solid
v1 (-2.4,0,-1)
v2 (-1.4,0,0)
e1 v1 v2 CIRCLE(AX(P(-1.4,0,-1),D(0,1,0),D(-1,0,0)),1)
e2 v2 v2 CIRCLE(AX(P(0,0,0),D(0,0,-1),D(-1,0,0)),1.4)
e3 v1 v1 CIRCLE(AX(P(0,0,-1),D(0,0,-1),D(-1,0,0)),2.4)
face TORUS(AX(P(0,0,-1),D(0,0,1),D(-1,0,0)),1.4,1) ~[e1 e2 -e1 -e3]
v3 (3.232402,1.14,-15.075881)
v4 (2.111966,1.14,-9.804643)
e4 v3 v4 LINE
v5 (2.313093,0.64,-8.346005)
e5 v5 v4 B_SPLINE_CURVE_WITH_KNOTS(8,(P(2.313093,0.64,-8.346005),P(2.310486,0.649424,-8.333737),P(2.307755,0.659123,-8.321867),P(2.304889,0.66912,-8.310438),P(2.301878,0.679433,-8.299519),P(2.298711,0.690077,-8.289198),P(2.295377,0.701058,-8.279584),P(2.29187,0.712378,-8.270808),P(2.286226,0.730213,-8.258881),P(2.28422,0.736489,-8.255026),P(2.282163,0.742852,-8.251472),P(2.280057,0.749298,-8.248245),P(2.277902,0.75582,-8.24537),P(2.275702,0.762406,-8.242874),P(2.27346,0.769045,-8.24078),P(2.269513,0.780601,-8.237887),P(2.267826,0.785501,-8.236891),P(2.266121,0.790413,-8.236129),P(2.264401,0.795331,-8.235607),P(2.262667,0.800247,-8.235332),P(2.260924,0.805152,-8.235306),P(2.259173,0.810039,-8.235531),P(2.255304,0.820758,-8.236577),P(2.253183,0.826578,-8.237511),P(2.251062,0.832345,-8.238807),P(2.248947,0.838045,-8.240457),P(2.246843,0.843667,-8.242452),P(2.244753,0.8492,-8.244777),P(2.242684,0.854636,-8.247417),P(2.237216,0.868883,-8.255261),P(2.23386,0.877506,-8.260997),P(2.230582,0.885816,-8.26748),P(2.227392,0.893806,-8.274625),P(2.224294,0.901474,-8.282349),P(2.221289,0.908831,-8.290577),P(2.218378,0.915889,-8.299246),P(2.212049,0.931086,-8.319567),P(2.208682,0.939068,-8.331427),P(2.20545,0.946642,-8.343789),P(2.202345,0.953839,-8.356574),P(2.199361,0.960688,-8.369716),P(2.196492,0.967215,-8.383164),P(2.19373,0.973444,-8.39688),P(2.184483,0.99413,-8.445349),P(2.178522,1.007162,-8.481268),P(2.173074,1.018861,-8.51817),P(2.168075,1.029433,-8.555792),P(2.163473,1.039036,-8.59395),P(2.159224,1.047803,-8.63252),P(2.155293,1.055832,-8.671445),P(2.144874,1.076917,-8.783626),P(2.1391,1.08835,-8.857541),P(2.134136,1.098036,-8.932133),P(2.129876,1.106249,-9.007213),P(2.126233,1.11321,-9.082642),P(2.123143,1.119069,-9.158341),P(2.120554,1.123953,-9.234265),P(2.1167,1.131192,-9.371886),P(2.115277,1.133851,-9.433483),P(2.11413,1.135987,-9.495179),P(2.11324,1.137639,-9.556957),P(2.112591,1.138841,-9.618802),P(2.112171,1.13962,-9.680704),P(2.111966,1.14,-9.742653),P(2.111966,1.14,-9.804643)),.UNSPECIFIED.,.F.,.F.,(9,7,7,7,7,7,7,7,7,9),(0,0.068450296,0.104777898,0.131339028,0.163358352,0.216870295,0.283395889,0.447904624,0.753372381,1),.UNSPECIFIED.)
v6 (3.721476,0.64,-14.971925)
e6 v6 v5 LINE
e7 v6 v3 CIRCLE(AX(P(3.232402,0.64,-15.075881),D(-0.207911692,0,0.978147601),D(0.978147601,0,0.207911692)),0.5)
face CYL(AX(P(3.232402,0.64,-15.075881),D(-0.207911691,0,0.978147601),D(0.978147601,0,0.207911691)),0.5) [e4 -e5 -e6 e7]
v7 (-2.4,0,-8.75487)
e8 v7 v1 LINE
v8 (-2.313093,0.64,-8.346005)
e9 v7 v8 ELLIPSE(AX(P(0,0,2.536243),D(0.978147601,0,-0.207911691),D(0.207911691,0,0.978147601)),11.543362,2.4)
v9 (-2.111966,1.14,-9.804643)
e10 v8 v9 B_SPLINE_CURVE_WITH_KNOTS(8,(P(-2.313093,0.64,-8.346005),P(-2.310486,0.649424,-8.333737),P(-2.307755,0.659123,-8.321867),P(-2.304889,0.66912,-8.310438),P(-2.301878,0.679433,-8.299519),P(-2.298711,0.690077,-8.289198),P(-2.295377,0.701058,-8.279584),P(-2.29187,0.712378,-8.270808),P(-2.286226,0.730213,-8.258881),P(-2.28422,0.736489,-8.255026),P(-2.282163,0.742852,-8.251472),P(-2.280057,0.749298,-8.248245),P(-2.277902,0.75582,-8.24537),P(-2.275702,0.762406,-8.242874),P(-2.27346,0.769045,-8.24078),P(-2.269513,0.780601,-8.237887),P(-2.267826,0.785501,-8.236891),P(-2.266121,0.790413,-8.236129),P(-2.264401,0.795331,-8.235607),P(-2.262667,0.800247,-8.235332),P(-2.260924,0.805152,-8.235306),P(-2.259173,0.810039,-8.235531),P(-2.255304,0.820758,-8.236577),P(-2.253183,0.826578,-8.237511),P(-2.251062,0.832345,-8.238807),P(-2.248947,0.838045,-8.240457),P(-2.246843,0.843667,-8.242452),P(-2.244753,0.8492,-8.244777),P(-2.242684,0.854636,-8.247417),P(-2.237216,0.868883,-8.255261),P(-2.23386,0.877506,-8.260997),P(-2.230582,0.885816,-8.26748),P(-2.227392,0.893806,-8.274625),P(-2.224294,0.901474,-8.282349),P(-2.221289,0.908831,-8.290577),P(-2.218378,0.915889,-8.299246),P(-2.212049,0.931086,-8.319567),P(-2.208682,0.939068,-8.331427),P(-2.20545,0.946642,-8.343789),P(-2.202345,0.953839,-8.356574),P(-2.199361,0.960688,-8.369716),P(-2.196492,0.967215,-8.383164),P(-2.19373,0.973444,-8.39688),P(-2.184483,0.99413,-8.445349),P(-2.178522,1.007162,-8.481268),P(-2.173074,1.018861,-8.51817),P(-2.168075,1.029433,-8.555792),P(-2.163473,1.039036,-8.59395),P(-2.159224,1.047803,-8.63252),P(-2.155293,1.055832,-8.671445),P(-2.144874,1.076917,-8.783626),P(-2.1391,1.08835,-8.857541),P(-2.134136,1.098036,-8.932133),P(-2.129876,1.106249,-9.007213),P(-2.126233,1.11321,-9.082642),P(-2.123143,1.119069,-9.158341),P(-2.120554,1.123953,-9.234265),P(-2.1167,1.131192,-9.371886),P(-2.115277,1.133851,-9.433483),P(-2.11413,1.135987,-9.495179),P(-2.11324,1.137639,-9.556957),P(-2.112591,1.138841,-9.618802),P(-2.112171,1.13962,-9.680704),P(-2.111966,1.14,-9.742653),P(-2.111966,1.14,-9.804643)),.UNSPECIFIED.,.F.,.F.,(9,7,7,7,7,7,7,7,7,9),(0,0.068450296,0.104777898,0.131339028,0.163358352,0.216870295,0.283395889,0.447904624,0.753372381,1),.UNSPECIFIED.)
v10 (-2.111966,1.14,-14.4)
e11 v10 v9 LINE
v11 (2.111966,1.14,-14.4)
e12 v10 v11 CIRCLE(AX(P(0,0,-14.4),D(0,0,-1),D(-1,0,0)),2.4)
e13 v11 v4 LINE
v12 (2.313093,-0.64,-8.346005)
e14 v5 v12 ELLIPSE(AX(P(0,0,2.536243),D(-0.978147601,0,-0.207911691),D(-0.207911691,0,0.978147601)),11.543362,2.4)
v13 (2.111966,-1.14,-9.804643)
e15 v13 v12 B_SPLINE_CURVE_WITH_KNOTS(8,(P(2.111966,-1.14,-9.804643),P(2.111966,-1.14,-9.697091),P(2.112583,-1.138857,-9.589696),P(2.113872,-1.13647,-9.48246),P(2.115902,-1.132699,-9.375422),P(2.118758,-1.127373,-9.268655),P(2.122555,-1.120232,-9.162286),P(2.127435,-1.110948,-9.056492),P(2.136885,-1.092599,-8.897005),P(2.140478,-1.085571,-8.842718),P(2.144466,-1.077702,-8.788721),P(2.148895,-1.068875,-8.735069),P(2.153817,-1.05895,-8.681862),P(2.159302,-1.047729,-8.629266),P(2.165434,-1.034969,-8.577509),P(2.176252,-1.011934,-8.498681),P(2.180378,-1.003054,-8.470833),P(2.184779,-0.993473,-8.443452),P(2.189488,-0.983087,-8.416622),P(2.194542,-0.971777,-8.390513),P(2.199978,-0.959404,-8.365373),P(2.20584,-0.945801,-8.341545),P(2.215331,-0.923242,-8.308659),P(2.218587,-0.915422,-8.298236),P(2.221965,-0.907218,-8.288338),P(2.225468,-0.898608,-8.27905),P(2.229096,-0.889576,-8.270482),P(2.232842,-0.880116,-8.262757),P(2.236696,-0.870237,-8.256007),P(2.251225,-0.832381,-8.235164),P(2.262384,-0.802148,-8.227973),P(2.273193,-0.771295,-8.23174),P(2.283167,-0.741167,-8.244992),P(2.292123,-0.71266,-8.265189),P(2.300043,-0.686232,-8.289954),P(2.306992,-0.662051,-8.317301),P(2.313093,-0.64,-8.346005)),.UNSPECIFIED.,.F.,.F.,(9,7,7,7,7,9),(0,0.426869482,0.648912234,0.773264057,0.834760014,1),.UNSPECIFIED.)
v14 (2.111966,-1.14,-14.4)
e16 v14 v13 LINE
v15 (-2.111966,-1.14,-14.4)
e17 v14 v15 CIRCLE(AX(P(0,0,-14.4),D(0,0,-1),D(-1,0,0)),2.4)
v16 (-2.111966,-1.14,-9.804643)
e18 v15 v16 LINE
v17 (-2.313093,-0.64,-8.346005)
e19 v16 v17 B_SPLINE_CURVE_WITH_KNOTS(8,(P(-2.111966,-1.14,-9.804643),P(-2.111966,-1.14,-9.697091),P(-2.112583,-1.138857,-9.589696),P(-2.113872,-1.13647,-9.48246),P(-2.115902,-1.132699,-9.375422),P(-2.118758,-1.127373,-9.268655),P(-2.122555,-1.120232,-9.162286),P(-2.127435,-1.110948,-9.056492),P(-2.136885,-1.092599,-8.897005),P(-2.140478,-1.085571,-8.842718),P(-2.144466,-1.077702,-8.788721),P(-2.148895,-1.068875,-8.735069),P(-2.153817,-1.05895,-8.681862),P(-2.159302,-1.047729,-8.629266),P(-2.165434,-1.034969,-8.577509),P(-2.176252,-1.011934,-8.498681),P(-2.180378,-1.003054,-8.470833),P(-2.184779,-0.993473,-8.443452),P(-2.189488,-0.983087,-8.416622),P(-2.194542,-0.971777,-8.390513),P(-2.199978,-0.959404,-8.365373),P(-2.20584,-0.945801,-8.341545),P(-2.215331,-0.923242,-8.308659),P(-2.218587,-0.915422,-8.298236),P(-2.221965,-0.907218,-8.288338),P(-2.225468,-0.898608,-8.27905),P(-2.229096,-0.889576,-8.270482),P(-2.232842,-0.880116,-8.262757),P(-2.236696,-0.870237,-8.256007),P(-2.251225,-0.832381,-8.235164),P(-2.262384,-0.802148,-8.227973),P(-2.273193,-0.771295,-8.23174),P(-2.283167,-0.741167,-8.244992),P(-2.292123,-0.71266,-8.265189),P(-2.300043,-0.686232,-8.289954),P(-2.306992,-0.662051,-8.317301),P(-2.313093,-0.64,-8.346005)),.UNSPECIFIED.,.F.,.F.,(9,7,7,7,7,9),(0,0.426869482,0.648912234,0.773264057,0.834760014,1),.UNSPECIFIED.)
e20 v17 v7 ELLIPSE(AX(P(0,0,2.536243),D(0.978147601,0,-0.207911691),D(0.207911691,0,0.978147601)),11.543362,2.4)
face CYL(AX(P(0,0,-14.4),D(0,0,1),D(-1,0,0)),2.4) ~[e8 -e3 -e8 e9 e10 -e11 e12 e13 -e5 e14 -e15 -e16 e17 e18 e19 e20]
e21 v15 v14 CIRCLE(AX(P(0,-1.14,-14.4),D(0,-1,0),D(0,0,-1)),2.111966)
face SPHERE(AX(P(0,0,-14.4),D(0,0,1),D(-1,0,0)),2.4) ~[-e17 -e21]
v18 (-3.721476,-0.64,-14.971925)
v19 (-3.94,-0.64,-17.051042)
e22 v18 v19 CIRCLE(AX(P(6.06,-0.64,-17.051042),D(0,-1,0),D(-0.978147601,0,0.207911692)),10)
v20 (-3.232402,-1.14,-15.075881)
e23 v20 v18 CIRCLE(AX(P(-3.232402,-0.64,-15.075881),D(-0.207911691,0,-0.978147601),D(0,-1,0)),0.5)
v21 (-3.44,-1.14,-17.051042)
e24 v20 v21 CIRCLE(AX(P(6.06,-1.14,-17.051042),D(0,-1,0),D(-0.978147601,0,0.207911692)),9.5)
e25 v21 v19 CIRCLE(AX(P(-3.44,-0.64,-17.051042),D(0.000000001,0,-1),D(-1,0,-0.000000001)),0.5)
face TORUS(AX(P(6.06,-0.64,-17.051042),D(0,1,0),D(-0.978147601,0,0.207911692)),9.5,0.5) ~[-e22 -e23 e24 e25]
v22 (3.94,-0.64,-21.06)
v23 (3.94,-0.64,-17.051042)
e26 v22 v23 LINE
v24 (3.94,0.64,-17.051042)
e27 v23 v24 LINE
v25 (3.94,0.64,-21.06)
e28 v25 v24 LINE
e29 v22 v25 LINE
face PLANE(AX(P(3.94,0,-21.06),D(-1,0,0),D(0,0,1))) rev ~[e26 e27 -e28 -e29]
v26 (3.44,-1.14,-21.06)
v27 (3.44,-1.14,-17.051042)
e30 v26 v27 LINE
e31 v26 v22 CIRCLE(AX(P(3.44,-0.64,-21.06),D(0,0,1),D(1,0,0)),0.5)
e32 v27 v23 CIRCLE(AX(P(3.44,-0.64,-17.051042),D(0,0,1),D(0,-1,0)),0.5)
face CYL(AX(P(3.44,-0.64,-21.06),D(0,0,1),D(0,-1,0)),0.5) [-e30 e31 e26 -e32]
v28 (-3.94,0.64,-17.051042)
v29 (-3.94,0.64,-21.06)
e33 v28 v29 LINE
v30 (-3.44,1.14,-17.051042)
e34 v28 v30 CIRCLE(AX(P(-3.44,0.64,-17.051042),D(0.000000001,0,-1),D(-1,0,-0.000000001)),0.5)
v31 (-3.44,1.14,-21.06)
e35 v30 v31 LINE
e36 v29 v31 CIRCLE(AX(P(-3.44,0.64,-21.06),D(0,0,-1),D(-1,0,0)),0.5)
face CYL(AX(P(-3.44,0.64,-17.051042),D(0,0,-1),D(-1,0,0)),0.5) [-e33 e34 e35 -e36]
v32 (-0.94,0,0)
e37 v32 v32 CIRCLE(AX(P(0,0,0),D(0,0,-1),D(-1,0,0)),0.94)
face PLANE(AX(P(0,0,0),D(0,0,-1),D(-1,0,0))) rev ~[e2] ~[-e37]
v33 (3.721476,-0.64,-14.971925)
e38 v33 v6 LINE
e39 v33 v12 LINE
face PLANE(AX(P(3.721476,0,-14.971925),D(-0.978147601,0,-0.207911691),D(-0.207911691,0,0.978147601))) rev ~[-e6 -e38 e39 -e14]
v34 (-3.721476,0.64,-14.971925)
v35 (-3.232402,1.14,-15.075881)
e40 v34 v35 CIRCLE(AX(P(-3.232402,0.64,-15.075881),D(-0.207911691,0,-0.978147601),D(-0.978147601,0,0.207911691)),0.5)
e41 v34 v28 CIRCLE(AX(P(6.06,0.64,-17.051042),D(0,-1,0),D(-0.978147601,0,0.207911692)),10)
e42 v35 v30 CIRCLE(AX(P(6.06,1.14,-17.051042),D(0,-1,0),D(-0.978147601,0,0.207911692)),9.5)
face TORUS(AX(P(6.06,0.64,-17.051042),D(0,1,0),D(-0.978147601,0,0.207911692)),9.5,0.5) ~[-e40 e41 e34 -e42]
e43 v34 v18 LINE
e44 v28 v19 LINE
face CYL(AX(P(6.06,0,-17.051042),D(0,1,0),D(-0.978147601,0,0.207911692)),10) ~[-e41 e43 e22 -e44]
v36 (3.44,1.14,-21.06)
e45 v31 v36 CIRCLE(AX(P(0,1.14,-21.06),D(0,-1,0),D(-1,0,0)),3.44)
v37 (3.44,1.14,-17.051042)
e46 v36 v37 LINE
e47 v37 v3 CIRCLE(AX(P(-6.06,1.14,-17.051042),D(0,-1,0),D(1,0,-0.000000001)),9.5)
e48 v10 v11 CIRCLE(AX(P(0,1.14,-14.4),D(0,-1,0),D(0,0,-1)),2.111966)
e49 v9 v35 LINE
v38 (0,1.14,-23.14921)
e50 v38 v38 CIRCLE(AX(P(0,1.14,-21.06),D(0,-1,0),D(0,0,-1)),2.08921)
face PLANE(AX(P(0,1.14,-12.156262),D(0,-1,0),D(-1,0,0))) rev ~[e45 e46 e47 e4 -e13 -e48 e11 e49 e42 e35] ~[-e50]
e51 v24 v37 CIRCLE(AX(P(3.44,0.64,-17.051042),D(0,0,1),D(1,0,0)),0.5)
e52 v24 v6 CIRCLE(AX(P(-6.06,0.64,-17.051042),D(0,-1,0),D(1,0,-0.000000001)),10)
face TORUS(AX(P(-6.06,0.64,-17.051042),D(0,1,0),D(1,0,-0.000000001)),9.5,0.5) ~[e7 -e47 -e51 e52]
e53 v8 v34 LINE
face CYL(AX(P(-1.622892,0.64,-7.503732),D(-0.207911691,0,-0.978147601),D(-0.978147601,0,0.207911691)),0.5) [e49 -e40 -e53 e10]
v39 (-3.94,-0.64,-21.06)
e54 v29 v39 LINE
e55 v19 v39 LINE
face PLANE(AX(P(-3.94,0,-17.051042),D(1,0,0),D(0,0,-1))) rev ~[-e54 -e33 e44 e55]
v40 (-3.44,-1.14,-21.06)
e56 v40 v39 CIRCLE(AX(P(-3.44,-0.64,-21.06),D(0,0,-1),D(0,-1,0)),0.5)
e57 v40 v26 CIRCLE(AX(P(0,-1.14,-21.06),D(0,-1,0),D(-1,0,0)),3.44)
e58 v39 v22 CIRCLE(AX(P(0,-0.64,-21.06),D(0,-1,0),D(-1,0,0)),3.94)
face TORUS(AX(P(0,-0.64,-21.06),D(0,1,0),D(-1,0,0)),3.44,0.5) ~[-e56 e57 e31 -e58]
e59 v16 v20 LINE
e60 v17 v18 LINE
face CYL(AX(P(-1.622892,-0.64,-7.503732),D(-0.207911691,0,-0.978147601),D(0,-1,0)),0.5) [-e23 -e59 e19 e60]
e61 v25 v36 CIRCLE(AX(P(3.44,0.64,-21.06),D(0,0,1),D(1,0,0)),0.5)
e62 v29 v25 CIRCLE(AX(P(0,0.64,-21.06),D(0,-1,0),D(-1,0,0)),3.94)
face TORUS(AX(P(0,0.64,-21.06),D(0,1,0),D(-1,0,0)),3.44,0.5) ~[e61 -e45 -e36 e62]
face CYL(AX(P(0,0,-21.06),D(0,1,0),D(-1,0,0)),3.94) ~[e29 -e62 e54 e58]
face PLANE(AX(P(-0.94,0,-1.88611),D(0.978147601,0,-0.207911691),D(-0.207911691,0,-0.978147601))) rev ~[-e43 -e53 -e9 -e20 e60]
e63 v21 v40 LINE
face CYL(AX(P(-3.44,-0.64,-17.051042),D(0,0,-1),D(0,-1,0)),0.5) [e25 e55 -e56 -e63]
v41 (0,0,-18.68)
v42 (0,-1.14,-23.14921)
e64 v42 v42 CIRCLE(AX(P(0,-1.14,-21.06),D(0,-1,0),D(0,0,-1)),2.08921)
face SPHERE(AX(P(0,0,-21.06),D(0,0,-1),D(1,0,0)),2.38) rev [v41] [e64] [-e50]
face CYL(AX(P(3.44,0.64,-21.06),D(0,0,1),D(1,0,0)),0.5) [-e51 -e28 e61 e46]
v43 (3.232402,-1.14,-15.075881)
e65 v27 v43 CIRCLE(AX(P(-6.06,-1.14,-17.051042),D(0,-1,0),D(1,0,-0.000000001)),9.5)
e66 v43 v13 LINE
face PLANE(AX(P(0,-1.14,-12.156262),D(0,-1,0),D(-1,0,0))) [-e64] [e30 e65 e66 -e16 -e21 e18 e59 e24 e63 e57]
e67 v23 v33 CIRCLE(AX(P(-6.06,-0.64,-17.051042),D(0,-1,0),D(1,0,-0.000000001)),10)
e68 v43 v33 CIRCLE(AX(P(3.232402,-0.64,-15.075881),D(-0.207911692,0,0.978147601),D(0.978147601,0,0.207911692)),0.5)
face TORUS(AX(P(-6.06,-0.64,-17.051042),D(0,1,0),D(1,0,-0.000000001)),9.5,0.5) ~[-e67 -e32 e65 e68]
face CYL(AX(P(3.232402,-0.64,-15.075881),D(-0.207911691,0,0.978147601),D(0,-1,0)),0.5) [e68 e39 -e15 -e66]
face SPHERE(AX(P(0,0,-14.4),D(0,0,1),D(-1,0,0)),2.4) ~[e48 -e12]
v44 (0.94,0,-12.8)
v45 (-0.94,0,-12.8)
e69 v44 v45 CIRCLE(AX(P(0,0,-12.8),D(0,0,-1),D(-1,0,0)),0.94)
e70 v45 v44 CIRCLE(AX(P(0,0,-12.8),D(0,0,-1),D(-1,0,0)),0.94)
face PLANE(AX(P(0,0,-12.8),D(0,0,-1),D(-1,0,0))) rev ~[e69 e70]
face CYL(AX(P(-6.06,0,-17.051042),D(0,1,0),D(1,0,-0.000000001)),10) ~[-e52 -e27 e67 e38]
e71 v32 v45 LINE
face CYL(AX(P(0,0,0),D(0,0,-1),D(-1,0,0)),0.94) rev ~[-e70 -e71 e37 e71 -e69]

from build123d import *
from OCP.BRepFilletAPI import BRepFilletAPI_MakeFillet

# Parameters (mm, degrees)
FLAT_DEPTH = 1.14
FILLET2_R1 = 0.5
FILLET2_R2 = 1


with BuildPart() as part:
    # Sketch1 → Revolve1 (revolve)
    with BuildSketch(Plane(origin=(0, 0, 0), x_dir=(1, 0, 0), z_dir=(0, 1, 0))):
        with BuildLine():
            Line((0, 12.8), (0, 16.8))
            ThreePointArc((0, 16.8), (-1.697056275, 16.097056275), (-2.4, 14.4))
            Line((-2.4, 14.4), (-2.4, 0))
            Line((-2.4, 0), (-0.94, 0))
            Line((-0.94, 0), (-0.94, 12.8))
            Line((-0.94, 12.8), (0, 12.8))
        make_face()
    revolve(axis=Axis((0, 0, -12.8), (0, 0, -1)))

    # Sketch3 → Flat (add, symmetric)
    with BuildSketch(Plane(origin=(0, 0, 0), x_dir=(1, 0, 0), z_dir=(0, 1, 0))):
        with BuildLine():
            Line((3.721476007, 14.971925444), (0.94, 1.886109672))
            Line((0.94, 1.886109672), (0.94, 12.8))
            Line((0.94, 12.8), (-0.94, 12.8))
            Line((-0.94, 12.8), (-0.94, 1.886109672))
            Line((-0.94, 1.886109672), (-3.721476007, 14.971925444))
            ThreePointArc((-3.721476007, 14.971925444), (-3.885218954, 16.00575772), (-3.94, 17.051042353))
            Line((-3.94, 17.051042353), (-3.94, 21.06))
            ThreePointArc((-3.94, 21.06), (0, 25), (3.94, 21.06))
            Line((3.94, 21.06), (3.94, 17.051042353))
            ThreePointArc((3.94, 17.051042353), (3.885218954, 16.00575772), (3.721476007, 14.971925444))
        make_face()
    extrude(amount=FLAT_DEPTH, both=True)

    # Fillet2: one fillet with a radius per group of edges: ONE call of the kernel's fillet builder (fillet() takes one radius for all edges)
    fillet2_edges_1 = [part.edges().sort_by_distance(p)[0] for p in [
        (0, 1.14, -25),
        (0, -1.14, -25),
    ]]
    fillet2_edges_2 = [part.edges().sort_by_distance(p)[0] for p in [
        (2.4, 0, 0),
    ]]
    fillet2 = BRepFilletAPI_MakeFillet(part.part.solid().wrapped)
    for e in fillet2_edges_1:
        fillet2.Add(FILLET2_R1, e.wrapped)
    for e in fillet2_edges_2:
        fillet2.Add(FILLET2_R2, e.wrapped)
    add(Compound.cast(fillet2.Shape()), mode=Mode.REPLACE)

    # Sketch4 → Ball Hole (revolve, cut)
    with BuildSketch(Plane(origin=(0, 0, 0), x_dir=(1, 0, 0), z_dir=(0, 1, 0))):
        with BuildLine():
            Line((0, 23.44), (0, 18.68))
            ThreePointArc((0, 18.68), (2.38, 21.06), (0, 23.44))
        make_face()
    revolve(axis=Axis((0, 0, -23.44), (0, 0, 1)), mode=Mode.SUBTRACT)


solid = part.part
